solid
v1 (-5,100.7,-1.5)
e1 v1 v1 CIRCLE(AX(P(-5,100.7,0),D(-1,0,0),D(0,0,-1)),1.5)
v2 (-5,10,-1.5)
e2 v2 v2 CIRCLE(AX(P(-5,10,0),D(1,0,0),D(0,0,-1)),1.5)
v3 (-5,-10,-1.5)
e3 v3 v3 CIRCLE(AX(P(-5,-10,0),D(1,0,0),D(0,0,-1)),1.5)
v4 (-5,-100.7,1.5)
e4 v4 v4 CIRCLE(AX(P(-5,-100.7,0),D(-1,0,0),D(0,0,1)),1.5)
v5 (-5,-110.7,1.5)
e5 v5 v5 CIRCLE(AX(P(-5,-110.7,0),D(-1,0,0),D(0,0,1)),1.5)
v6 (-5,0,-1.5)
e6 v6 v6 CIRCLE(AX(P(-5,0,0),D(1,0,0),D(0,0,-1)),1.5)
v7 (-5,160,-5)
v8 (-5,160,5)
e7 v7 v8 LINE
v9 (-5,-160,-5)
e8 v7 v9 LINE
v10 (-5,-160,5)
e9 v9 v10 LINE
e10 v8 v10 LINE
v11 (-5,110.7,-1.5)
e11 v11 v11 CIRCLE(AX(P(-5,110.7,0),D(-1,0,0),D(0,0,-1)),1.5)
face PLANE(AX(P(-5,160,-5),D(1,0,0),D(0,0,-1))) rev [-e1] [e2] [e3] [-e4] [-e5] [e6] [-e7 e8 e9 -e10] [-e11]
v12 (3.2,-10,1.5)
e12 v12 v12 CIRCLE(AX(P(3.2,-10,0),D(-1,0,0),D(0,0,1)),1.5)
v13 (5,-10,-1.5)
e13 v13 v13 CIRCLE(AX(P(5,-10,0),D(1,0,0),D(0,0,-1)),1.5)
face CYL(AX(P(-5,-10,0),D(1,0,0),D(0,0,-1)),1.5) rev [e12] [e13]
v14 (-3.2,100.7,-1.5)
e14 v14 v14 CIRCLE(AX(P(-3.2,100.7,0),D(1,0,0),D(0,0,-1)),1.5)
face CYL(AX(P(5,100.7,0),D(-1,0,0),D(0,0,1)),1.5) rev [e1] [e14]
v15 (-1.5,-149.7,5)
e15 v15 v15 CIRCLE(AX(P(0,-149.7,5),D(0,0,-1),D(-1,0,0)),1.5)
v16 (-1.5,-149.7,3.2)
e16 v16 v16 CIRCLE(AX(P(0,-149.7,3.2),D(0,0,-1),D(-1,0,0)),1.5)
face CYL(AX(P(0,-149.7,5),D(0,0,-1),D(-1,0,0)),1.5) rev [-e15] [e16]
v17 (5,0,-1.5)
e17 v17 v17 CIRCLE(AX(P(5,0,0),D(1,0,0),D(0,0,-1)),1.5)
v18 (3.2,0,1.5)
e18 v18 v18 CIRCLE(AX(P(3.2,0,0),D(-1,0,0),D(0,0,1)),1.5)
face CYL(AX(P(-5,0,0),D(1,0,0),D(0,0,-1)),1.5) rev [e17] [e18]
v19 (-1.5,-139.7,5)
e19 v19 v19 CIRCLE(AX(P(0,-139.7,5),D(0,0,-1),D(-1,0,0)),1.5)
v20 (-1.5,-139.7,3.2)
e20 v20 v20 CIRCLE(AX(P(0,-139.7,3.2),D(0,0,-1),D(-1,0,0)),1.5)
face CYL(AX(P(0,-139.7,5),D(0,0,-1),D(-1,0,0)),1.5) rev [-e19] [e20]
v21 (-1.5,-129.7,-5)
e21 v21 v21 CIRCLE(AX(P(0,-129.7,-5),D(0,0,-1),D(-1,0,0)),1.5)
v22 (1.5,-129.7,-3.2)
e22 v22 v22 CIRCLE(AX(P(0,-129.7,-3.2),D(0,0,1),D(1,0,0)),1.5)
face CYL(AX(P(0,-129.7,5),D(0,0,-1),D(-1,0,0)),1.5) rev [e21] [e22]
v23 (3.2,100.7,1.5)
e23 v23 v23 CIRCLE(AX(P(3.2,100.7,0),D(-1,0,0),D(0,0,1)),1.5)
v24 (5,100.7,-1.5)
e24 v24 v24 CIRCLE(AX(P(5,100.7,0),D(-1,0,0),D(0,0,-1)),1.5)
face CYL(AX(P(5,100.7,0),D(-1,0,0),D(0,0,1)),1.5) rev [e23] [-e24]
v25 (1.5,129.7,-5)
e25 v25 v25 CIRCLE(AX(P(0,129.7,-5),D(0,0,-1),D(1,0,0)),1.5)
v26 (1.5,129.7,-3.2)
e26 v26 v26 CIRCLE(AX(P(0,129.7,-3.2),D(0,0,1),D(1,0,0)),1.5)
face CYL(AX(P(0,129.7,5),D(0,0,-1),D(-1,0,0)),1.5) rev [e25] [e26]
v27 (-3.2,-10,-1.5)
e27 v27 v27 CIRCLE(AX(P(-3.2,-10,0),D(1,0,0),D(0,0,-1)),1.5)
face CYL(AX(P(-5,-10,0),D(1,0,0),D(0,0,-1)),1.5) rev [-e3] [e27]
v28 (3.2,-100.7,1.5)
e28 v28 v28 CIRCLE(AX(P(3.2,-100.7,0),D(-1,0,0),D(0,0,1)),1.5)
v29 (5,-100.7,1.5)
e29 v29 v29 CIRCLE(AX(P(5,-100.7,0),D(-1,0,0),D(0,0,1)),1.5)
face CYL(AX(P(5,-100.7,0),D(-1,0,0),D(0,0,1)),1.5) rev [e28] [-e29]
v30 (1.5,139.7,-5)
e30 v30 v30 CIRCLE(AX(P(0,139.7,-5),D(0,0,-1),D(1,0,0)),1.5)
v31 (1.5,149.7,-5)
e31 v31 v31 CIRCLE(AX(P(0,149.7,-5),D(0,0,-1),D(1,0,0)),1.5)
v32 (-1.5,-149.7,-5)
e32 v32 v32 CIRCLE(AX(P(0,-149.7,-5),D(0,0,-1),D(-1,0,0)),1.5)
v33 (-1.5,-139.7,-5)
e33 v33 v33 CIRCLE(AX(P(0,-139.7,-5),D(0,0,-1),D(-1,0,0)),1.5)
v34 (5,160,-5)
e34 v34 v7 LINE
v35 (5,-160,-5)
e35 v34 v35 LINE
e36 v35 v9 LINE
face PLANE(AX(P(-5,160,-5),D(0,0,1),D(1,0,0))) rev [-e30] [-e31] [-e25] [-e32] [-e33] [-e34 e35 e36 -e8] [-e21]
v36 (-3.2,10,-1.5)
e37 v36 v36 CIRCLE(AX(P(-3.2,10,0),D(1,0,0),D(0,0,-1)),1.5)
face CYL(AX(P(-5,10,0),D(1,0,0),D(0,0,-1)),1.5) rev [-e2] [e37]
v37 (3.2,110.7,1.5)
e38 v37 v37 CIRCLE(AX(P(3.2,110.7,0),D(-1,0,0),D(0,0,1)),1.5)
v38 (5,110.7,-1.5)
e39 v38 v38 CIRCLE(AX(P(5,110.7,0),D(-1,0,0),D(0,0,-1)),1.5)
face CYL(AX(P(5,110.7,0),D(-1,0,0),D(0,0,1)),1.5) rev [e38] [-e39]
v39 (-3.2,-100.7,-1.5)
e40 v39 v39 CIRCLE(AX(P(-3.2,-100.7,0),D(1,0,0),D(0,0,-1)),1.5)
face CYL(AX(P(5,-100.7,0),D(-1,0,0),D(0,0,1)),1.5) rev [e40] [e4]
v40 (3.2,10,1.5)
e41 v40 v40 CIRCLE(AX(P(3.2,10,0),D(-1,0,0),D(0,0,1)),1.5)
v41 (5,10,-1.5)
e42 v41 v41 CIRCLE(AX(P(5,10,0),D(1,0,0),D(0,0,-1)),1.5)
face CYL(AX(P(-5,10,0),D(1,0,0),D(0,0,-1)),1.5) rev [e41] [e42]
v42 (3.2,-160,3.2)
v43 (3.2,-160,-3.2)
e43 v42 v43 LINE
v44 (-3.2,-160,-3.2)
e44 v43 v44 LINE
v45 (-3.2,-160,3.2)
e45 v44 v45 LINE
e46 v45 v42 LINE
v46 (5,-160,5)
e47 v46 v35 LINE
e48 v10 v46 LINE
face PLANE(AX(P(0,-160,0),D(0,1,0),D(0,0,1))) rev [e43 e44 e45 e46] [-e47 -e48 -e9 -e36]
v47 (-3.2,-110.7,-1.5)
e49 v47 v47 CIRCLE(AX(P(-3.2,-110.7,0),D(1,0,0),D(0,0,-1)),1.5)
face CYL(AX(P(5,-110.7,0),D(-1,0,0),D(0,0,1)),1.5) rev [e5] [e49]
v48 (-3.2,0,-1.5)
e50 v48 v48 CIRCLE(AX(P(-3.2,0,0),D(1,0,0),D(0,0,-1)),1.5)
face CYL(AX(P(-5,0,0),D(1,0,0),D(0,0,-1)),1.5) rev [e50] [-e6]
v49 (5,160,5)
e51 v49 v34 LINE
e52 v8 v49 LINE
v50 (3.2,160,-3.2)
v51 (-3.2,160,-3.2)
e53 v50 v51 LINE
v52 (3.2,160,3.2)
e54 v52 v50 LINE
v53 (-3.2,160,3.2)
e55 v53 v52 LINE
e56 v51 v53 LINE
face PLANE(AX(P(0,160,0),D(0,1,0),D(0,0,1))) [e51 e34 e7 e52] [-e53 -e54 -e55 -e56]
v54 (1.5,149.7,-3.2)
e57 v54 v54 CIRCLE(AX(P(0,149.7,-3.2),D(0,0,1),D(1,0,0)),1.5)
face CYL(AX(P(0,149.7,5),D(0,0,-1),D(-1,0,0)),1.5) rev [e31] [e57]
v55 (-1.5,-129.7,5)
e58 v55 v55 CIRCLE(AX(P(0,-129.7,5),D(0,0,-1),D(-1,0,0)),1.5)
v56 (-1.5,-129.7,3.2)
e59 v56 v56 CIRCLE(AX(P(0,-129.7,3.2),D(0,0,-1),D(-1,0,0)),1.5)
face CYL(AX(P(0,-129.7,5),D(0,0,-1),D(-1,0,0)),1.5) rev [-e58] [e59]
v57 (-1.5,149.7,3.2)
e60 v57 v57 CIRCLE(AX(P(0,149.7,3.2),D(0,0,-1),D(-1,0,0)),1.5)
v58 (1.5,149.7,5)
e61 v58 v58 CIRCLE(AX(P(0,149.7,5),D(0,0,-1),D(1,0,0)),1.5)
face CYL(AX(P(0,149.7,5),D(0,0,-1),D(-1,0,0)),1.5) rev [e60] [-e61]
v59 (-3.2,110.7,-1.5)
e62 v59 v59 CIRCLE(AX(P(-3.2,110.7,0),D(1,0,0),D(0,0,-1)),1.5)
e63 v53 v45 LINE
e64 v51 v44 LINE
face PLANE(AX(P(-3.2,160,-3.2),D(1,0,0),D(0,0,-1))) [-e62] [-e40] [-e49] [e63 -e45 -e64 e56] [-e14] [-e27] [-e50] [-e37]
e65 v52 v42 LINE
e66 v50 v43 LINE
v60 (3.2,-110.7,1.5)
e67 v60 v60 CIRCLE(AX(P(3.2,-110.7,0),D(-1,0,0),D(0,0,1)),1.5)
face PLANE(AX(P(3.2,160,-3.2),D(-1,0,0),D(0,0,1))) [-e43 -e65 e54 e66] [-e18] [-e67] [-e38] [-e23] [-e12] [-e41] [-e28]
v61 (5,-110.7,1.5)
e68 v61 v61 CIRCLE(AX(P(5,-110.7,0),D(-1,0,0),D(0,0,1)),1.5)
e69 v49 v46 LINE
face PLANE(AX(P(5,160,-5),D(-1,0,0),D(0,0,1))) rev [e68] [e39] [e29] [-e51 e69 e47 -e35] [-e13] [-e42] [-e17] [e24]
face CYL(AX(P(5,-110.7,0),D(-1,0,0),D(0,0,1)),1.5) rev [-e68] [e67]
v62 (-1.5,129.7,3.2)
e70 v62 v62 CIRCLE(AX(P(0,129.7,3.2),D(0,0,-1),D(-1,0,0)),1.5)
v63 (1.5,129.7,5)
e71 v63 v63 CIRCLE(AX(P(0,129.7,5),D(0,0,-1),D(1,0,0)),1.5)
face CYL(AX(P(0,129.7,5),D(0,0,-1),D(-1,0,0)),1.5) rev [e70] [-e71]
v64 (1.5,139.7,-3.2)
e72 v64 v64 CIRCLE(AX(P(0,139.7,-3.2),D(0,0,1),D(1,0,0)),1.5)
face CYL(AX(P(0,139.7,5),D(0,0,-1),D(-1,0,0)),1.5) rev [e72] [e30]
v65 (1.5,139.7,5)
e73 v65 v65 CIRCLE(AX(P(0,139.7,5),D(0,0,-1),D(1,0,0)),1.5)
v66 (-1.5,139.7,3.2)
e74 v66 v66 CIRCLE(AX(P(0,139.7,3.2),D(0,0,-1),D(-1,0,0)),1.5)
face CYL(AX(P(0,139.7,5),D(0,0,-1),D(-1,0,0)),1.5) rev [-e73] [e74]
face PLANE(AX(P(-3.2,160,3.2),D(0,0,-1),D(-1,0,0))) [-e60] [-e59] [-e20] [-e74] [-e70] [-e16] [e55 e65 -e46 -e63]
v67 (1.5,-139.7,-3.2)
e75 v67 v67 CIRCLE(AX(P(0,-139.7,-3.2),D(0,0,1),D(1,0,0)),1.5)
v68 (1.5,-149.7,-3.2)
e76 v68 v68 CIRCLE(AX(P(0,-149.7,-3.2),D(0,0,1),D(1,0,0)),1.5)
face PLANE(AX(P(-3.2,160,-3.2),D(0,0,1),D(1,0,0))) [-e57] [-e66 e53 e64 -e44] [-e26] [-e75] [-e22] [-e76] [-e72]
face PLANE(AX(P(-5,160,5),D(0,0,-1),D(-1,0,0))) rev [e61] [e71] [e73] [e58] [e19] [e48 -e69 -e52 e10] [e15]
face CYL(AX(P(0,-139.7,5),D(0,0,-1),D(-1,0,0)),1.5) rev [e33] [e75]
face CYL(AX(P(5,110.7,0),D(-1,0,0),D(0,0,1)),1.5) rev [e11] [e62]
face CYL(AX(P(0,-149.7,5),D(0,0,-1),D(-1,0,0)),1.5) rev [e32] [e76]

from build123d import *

# Parameters (mm, degrees)
SKETCH_1_W          = 10
SKETCH_1_H          = 10
SKETCH_1_W_2        = 6.4
SKETCH_1_H_2        = 6.4
EXTRUDE_1_DEPTH     = 160
SKETCH_2_R          = 1.5
CUT_EXTRUDE_1_DEPTH = 161.390149323
SKETCH_3_R          = 1.5
CUT_EXTRUDE_2_DEPTH = 161.390149323
SKETCH_4_R          = 1.5
CUT_EXTRUDE_3_DEPTH = 161.390149323


with BuildPart() as part:
    # 草图1 → 凸台-拉伸1 (new, symmetric)
    with BuildSketch(Plane(origin=(0, 0, 0), x_dir=(1, 0, 0), z_dir=(0, 1, 0))):
        Rectangle(SKETCH_1_W, SKETCH_1_H)
        Rectangle(SKETCH_1_W_2, SKETCH_1_H_2, mode=Mode.SUBTRACT)
    extrude(amount=EXTRUDE_1_DEPTH, both=True)

    # 草图2 → 切除-拉伸1 (cut, through all)
    with BuildSketch(Plane(origin=(0, 0, -5), x_dir=(-1, 0, 0), z_dir=(0, 0, -1))):
        with Locations((0, -149.7)):
            Circle(SKETCH_2_R)
        with Locations((0, -139.7)):
            Circle(SKETCH_2_R)
        with Locations((0, -129.7)):
            Circle(SKETCH_2_R)
        with Locations((0, 139.7)):
            Circle(SKETCH_2_R)
        with Locations((0, 149.7)):
            Circle(SKETCH_2_R)
        with Locations((0, 129.7)):
            Circle(SKETCH_2_R)
    extrude(amount=-CUT_EXTRUDE_1_DEPTH, mode=Mode.SUBTRACT)

    # 草图3 → 切除-拉伸2 (cut, through all)
    with BuildSketch(Plane.ZY.offset(5)):
        with Locations((0, -110.7)):
            Circle(SKETCH_3_R)
        with Locations((0, -100.7)):
            Circle(SKETCH_3_R)
        with Locations(Location((0, 100.7, 0), (0, 0, 180))):
            Circle(SKETCH_3_R)
        with Locations(Location((0, 110.7, 0), (0, 0, 180))):
            Circle(SKETCH_3_R)
    extrude(amount=-CUT_EXTRUDE_2_DEPTH, mode=Mode.SUBTRACT)

    # 草图4 → 切除-拉伸3 (cut, through all)
    with BuildSketch(Plane(origin=(5, 0, 0), x_dir=(0, 0, -1), z_dir=(1, 0, 0))):
        Circle(SKETCH_4_R)
        with Locations((0, -10)):
            Circle(SKETCH_4_R)
        with Locations((0, 10)):
            Circle(SKETCH_4_R)
    extrude(amount=-CUT_EXTRUDE_3_DEPTH, mode=Mode.SUBTRACT)


solid = part.part
